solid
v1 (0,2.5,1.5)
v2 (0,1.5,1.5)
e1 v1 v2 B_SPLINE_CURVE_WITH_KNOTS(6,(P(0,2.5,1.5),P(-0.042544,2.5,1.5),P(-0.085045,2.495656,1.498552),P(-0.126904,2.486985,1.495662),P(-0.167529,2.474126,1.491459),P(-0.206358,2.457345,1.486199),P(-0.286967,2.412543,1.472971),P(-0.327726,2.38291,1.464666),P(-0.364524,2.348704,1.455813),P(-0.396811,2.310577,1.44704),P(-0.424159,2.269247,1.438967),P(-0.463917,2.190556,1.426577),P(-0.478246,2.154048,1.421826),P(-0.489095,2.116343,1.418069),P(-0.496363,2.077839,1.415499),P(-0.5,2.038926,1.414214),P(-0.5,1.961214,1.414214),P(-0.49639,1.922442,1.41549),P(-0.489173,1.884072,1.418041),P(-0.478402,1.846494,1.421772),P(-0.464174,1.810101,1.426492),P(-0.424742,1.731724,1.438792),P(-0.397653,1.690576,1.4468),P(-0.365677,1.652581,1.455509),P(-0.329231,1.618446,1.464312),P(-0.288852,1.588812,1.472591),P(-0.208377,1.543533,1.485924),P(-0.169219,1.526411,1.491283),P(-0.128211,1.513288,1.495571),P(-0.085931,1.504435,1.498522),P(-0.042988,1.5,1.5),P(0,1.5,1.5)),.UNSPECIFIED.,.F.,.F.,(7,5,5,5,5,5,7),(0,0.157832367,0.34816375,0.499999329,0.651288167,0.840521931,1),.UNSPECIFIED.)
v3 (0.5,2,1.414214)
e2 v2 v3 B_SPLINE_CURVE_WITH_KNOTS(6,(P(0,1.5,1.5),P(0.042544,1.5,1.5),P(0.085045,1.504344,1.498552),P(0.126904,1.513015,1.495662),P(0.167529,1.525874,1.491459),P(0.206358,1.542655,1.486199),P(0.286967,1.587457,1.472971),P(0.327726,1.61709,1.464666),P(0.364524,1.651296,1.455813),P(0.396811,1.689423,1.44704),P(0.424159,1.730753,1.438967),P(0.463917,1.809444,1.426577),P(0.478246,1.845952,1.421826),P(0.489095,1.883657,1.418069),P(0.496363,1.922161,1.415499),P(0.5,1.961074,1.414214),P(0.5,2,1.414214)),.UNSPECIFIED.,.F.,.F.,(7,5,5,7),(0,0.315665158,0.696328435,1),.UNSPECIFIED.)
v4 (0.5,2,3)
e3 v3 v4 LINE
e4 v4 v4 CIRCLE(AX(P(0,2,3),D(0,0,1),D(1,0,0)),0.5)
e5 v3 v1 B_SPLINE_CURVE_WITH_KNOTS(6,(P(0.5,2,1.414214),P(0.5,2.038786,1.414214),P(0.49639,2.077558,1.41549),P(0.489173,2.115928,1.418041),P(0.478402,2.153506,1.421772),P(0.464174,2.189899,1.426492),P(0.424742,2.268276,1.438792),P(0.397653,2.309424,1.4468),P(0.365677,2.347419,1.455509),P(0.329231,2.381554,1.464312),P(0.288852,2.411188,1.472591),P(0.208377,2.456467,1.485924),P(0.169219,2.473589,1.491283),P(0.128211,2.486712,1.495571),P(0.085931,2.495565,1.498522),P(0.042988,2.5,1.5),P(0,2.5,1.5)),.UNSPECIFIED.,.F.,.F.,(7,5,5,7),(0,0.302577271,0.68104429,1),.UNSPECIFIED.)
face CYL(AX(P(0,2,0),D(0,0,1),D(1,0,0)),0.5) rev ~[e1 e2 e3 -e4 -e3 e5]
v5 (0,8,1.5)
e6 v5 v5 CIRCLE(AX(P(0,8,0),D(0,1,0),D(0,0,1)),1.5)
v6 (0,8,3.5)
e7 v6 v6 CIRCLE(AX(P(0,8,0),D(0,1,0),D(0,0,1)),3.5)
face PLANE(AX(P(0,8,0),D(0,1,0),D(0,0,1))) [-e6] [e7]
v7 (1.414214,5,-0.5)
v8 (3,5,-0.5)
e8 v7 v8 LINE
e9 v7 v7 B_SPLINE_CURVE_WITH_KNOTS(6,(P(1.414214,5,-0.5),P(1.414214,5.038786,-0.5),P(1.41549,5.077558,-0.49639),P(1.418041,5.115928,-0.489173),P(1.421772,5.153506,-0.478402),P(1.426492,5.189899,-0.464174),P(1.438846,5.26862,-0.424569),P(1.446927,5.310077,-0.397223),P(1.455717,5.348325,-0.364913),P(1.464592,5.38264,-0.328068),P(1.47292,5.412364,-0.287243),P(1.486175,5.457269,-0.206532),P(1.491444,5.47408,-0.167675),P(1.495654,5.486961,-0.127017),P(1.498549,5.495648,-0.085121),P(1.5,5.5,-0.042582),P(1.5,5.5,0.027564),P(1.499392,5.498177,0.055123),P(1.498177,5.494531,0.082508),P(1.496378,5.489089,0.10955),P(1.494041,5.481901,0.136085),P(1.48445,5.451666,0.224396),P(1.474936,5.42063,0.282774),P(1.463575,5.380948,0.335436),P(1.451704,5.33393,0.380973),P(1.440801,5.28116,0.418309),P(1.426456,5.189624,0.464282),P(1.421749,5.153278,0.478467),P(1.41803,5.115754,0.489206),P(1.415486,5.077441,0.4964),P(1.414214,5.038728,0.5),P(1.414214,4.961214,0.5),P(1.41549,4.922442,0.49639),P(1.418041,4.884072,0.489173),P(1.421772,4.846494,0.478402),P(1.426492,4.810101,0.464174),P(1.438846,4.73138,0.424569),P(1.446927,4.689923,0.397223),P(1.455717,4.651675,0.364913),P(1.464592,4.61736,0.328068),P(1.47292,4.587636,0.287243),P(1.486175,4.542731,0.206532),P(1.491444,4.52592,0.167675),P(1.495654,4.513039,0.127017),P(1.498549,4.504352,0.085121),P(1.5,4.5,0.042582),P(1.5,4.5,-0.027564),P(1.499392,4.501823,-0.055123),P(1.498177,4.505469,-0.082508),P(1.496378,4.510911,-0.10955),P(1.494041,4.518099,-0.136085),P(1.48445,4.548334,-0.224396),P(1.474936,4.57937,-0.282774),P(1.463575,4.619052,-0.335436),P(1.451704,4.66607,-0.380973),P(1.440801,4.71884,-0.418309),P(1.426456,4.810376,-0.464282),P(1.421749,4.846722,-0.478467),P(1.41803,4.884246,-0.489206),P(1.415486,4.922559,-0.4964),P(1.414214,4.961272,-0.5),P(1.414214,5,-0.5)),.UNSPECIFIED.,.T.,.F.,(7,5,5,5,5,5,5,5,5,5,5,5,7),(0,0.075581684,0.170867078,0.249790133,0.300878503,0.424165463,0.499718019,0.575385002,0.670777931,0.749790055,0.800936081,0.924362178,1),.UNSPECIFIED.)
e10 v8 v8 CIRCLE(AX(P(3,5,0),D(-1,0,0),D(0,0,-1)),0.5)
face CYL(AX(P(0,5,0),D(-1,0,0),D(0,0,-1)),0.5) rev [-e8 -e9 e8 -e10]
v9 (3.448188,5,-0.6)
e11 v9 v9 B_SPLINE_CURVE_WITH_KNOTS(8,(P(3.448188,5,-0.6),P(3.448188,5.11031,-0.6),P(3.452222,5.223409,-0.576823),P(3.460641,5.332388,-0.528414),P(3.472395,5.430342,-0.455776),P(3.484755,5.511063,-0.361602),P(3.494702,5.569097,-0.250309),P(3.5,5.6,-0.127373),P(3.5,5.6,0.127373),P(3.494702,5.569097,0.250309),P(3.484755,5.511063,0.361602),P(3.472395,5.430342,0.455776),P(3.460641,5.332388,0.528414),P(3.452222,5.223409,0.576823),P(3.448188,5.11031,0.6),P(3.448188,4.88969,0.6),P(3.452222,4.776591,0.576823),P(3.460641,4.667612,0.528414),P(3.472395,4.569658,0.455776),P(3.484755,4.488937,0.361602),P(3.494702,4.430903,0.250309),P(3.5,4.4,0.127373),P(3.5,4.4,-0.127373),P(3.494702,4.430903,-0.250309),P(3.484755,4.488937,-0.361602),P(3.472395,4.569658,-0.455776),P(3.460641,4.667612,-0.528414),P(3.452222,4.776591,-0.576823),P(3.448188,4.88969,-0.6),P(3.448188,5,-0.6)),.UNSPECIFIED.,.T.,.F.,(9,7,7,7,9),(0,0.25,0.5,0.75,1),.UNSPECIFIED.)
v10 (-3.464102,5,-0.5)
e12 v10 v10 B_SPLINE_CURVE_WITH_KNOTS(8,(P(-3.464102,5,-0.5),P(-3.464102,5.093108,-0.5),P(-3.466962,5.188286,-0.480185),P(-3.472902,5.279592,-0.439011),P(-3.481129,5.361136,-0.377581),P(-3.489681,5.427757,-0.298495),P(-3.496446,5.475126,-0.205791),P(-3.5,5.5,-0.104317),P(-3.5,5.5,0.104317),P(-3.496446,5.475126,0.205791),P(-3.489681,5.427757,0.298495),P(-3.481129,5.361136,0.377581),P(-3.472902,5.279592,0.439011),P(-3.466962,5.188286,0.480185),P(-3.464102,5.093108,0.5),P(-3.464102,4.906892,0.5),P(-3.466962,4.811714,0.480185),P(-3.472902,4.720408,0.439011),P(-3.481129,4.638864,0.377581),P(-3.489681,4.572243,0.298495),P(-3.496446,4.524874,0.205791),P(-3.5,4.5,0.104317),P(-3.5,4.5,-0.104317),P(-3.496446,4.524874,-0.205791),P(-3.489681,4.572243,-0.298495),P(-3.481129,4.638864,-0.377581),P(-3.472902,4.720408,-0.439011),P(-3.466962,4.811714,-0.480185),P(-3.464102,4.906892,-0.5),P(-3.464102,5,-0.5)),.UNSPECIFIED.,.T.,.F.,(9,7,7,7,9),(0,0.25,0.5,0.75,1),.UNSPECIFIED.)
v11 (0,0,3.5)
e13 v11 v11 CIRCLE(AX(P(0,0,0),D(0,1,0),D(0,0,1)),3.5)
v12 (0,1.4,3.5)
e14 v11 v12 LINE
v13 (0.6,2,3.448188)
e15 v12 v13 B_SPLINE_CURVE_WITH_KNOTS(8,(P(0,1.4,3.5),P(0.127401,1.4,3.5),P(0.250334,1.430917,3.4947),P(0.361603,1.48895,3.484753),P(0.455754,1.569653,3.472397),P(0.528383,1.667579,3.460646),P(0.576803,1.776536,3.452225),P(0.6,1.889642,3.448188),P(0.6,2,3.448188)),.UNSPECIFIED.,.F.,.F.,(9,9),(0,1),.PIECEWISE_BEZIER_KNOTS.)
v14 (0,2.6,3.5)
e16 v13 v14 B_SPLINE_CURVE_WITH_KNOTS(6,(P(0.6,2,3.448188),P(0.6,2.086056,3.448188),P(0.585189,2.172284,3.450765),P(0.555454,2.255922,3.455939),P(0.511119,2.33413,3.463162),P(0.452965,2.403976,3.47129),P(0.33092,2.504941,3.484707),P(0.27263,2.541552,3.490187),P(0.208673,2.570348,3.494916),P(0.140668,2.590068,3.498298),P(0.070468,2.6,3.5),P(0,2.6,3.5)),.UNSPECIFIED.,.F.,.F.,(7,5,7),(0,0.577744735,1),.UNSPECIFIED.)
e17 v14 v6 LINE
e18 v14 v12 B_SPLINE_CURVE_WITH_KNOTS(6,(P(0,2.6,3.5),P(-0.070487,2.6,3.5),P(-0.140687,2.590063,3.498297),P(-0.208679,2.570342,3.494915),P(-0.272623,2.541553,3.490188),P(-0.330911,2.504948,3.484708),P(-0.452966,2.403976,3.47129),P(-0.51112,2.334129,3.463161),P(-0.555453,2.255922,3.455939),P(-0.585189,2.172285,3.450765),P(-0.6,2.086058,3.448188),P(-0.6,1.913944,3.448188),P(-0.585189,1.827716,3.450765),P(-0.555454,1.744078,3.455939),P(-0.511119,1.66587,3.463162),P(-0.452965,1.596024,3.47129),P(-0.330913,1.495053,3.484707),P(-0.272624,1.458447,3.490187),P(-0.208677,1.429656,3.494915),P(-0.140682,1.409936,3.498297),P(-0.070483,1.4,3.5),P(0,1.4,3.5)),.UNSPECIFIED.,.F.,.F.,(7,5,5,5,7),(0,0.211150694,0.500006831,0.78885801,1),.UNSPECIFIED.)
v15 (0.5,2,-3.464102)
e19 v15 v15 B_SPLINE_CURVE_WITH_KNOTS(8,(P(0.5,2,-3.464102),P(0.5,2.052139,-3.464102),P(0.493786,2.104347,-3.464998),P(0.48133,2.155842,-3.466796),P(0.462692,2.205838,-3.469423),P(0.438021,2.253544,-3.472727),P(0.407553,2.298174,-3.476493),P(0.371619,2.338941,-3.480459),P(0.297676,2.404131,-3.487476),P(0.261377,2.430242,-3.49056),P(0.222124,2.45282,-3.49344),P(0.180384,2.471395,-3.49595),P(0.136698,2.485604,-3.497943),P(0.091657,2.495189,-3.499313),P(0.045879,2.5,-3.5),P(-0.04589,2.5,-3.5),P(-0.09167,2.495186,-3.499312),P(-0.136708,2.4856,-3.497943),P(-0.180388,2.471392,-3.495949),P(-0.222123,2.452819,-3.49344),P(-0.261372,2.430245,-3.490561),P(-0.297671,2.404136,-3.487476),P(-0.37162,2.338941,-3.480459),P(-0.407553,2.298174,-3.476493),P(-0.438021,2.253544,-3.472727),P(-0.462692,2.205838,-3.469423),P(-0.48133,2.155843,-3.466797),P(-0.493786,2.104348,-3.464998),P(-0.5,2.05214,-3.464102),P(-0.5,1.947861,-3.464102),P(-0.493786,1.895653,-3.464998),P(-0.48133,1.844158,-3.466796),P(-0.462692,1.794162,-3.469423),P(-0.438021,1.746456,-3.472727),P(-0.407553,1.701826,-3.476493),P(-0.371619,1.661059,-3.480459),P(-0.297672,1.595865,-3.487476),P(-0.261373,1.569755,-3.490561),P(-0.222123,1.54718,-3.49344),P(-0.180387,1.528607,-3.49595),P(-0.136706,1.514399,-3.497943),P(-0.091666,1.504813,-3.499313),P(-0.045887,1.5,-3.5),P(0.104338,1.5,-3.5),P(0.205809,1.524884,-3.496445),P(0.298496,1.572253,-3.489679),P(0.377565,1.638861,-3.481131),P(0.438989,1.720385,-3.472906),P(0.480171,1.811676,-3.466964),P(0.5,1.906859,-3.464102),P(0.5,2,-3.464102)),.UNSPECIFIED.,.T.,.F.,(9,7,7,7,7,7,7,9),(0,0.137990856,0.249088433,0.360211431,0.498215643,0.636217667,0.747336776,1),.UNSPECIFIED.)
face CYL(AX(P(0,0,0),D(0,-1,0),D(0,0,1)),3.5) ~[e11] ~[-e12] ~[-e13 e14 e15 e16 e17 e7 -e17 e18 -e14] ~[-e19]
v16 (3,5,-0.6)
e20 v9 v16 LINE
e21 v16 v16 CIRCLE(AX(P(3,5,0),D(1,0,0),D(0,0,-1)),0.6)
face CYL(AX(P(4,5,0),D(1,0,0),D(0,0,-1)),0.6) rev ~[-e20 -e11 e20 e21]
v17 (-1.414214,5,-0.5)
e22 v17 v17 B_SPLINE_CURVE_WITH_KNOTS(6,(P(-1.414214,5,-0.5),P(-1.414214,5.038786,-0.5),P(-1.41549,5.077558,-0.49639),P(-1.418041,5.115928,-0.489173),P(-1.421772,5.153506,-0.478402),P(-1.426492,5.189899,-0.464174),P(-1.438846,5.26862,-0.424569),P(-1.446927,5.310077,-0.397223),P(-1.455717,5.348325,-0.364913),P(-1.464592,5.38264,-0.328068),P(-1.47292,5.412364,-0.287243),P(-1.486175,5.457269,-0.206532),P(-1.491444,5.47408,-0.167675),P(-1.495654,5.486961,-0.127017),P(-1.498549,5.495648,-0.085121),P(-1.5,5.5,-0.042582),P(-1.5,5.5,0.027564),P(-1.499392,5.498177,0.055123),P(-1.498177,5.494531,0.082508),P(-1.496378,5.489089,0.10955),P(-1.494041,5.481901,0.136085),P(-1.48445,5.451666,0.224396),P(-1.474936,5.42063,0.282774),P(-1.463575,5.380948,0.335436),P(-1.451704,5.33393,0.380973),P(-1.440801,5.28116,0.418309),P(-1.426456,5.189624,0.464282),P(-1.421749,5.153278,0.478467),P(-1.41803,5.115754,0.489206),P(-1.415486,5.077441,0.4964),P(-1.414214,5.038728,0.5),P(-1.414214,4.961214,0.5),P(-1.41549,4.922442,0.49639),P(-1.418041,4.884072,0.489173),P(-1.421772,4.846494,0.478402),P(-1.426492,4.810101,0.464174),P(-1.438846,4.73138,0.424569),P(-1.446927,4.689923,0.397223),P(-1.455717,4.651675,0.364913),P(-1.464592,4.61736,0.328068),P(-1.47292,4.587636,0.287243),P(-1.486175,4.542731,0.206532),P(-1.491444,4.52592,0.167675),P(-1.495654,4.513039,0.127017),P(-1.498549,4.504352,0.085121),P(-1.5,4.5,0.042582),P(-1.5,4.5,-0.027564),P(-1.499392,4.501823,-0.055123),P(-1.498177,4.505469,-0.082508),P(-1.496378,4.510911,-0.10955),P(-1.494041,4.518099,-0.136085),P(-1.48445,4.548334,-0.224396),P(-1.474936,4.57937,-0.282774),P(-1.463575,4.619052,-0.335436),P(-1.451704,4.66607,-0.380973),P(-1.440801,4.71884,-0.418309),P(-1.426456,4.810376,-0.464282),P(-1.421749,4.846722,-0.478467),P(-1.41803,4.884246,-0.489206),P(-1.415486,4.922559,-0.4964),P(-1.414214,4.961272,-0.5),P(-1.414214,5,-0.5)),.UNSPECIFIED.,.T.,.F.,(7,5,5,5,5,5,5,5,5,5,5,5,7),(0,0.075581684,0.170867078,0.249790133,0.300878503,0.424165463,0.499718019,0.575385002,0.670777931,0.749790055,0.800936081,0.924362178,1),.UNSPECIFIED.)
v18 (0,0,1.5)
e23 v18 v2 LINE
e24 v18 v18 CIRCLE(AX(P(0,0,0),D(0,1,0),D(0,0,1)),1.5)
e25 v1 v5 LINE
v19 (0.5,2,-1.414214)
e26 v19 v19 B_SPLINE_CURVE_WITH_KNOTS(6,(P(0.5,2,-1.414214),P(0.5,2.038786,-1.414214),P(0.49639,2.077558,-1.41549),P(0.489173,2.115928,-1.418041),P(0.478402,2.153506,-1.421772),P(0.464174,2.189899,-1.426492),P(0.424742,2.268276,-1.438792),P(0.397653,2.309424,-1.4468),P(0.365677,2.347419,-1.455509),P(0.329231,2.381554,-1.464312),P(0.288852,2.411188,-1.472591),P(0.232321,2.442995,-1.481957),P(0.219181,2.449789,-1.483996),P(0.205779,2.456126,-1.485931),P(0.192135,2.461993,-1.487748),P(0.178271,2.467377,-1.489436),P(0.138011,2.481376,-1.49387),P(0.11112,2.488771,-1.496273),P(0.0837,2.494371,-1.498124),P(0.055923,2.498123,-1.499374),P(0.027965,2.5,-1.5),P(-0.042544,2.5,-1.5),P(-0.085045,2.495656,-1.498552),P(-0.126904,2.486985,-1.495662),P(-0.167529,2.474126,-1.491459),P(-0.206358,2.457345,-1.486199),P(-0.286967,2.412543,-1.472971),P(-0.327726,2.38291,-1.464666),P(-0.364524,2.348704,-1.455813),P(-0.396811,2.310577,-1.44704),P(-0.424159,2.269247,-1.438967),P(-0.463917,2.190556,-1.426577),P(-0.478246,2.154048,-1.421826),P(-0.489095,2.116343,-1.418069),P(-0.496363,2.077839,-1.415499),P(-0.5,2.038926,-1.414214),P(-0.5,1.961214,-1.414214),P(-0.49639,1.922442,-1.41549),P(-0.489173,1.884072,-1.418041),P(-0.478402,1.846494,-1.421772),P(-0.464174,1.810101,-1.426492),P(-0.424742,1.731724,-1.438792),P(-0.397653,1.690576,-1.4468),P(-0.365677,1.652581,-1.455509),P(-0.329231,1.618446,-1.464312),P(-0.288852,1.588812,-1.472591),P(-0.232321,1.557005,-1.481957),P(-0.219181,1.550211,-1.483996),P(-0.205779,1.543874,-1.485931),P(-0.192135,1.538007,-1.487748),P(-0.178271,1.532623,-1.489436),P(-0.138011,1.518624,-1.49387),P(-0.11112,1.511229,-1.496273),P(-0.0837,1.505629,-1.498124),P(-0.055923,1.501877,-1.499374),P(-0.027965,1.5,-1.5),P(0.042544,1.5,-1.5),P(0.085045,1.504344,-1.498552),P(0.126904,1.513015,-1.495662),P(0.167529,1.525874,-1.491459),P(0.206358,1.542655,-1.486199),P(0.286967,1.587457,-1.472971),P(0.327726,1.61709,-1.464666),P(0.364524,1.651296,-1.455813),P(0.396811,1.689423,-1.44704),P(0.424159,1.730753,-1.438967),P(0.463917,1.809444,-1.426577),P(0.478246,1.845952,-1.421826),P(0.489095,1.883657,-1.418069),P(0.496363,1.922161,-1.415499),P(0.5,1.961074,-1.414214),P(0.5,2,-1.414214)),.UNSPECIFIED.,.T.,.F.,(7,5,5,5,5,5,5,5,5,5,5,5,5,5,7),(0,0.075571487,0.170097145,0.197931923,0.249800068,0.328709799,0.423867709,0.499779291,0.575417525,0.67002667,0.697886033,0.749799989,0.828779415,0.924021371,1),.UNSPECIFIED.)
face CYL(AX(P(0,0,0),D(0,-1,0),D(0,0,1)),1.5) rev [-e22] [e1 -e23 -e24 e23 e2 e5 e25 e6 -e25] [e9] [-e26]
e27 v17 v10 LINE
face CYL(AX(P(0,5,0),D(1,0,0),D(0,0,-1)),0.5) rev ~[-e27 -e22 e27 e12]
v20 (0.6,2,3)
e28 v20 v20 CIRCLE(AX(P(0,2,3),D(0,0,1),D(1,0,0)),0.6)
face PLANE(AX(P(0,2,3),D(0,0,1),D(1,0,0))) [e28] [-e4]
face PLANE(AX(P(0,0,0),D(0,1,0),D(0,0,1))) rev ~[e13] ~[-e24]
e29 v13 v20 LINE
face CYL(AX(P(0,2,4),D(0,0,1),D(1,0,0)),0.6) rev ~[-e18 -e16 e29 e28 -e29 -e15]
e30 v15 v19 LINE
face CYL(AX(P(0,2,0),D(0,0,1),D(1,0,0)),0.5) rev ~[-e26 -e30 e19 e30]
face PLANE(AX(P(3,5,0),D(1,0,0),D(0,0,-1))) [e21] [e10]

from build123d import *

# Parameters (mm, degrees)
SKETCH1_R                      = 3.5
SKETCH1_R_2                    = 1.5
BOSS_EXTRUDE1_DEPTH            = 8
CUT_EXTRUDE1_REACH             = 11.407
SKETCH2_R                      = 0.5
CUT_EXTRUDE1_DIRECTION_2_REACH = 11.407
SKETCH3_R                      = 0.5
CUT_EXTRUDE2_DEPTH             = 3.5
CUT_EXTRUDE3_START             = 4
SKETCH4_R                      = 0.6
CUT_EXTRUDE3_DEPTH             = 1
CUT_EXTRUDE4_START             = 4
SKETCH7_R                      = 0.6
CUT_EXTRUDE4_DEPTH             = 1


with BuildPart() as part:
    # Sketch1 → Boss-Extrude1 (new body)
    with BuildSketch(Plane(origin=(0, 0, 0), x_dir=(1, 0, 0), z_dir=(0, 1, 0))):
        with Locations(Location((0, 0, 0), (0, 0, 270))):
            Circle(SKETCH1_R)
        with Locations(Location((0, 0, 0), (0, 0, 270))):
            Circle(SKETCH1_R_2, mode=Mode.SUBTRACT)
    extrude(amount=BOSS_EXTRUDE1_DEPTH)

    # Sketch2 → Cut-Extrude1 (cut, up to next)
    with BuildSketch(Plane(origin=(0, 0, 0), x_dir=(0, 0, -1), z_dir=(1, 0, 0)), mode=Mode.PRIVATE) as cut_extrude1_sk1:
        with Locations((0, 5)):
            Circle(SKETCH2_R)
    cut_extrude1_tool1 = extrude(cut_extrude1_sk1.sketch, amount=-CUT_EXTRUDE1_REACH, mode=Mode.PRIVATE) & part.part
    add(cut_extrude1_tool1.solids().sort_by_distance((0, 5, 0))[0], mode=Mode.SUBTRACT)

    # Sketch2 → Cut-Extrude1 direction 2 (cut, up to next)
    with BuildSketch(Plane(origin=(0, 0, 0), x_dir=(0, 0, -1), z_dir=(1, 0, 0)), mode=Mode.PRIVATE) as cut_extrude1_direction_2_sk1:
        with Locations((0, 5)):
            Circle(SKETCH2_R)
    cut_extrude1_direction_2_tool1 = extrude(cut_extrude1_direction_2_sk1.sketch, amount=CUT_EXTRUDE1_DIRECTION_2_REACH, mode=Mode.PRIVATE) & part.part
    add(cut_extrude1_direction_2_tool1.solids().sort_by_distance((0, 5, 0))[0], mode=Mode.SUBTRACT)

    # Sketch3 → Cut-Extrude2 (cut, symmetric)
    with BuildSketch(Plane.XY):
        with Locations((0, 2)):
            Circle(SKETCH3_R)
    extrude(amount=CUT_EXTRUDE2_DEPTH, both=True, mode=Mode.SUBTRACT)

    # Sketch4 → Cut-Extrude3 (cut)
    with BuildSketch(Plane.XY.offset(CUT_EXTRUDE3_START)):
        with Locations((0, 2)):
            Circle(SKETCH4_R)
    extrude(amount=-CUT_EXTRUDE3_DEPTH, mode=Mode.SUBTRACT)

    # Sketch7 → Cut-Extrude4 (cut)
    with BuildSketch(Plane(origin=(0, 0, 0), x_dir=(0, 0, -1), z_dir=(1, 0, 0)).offset(CUT_EXTRUDE4_START)):
        with Locations((0, 5)):
            Circle(SKETCH7_R)
    extrude(amount=-CUT_EXTRUDE4_DEPTH, mode=Mode.SUBTRACT)


solid = part.part
